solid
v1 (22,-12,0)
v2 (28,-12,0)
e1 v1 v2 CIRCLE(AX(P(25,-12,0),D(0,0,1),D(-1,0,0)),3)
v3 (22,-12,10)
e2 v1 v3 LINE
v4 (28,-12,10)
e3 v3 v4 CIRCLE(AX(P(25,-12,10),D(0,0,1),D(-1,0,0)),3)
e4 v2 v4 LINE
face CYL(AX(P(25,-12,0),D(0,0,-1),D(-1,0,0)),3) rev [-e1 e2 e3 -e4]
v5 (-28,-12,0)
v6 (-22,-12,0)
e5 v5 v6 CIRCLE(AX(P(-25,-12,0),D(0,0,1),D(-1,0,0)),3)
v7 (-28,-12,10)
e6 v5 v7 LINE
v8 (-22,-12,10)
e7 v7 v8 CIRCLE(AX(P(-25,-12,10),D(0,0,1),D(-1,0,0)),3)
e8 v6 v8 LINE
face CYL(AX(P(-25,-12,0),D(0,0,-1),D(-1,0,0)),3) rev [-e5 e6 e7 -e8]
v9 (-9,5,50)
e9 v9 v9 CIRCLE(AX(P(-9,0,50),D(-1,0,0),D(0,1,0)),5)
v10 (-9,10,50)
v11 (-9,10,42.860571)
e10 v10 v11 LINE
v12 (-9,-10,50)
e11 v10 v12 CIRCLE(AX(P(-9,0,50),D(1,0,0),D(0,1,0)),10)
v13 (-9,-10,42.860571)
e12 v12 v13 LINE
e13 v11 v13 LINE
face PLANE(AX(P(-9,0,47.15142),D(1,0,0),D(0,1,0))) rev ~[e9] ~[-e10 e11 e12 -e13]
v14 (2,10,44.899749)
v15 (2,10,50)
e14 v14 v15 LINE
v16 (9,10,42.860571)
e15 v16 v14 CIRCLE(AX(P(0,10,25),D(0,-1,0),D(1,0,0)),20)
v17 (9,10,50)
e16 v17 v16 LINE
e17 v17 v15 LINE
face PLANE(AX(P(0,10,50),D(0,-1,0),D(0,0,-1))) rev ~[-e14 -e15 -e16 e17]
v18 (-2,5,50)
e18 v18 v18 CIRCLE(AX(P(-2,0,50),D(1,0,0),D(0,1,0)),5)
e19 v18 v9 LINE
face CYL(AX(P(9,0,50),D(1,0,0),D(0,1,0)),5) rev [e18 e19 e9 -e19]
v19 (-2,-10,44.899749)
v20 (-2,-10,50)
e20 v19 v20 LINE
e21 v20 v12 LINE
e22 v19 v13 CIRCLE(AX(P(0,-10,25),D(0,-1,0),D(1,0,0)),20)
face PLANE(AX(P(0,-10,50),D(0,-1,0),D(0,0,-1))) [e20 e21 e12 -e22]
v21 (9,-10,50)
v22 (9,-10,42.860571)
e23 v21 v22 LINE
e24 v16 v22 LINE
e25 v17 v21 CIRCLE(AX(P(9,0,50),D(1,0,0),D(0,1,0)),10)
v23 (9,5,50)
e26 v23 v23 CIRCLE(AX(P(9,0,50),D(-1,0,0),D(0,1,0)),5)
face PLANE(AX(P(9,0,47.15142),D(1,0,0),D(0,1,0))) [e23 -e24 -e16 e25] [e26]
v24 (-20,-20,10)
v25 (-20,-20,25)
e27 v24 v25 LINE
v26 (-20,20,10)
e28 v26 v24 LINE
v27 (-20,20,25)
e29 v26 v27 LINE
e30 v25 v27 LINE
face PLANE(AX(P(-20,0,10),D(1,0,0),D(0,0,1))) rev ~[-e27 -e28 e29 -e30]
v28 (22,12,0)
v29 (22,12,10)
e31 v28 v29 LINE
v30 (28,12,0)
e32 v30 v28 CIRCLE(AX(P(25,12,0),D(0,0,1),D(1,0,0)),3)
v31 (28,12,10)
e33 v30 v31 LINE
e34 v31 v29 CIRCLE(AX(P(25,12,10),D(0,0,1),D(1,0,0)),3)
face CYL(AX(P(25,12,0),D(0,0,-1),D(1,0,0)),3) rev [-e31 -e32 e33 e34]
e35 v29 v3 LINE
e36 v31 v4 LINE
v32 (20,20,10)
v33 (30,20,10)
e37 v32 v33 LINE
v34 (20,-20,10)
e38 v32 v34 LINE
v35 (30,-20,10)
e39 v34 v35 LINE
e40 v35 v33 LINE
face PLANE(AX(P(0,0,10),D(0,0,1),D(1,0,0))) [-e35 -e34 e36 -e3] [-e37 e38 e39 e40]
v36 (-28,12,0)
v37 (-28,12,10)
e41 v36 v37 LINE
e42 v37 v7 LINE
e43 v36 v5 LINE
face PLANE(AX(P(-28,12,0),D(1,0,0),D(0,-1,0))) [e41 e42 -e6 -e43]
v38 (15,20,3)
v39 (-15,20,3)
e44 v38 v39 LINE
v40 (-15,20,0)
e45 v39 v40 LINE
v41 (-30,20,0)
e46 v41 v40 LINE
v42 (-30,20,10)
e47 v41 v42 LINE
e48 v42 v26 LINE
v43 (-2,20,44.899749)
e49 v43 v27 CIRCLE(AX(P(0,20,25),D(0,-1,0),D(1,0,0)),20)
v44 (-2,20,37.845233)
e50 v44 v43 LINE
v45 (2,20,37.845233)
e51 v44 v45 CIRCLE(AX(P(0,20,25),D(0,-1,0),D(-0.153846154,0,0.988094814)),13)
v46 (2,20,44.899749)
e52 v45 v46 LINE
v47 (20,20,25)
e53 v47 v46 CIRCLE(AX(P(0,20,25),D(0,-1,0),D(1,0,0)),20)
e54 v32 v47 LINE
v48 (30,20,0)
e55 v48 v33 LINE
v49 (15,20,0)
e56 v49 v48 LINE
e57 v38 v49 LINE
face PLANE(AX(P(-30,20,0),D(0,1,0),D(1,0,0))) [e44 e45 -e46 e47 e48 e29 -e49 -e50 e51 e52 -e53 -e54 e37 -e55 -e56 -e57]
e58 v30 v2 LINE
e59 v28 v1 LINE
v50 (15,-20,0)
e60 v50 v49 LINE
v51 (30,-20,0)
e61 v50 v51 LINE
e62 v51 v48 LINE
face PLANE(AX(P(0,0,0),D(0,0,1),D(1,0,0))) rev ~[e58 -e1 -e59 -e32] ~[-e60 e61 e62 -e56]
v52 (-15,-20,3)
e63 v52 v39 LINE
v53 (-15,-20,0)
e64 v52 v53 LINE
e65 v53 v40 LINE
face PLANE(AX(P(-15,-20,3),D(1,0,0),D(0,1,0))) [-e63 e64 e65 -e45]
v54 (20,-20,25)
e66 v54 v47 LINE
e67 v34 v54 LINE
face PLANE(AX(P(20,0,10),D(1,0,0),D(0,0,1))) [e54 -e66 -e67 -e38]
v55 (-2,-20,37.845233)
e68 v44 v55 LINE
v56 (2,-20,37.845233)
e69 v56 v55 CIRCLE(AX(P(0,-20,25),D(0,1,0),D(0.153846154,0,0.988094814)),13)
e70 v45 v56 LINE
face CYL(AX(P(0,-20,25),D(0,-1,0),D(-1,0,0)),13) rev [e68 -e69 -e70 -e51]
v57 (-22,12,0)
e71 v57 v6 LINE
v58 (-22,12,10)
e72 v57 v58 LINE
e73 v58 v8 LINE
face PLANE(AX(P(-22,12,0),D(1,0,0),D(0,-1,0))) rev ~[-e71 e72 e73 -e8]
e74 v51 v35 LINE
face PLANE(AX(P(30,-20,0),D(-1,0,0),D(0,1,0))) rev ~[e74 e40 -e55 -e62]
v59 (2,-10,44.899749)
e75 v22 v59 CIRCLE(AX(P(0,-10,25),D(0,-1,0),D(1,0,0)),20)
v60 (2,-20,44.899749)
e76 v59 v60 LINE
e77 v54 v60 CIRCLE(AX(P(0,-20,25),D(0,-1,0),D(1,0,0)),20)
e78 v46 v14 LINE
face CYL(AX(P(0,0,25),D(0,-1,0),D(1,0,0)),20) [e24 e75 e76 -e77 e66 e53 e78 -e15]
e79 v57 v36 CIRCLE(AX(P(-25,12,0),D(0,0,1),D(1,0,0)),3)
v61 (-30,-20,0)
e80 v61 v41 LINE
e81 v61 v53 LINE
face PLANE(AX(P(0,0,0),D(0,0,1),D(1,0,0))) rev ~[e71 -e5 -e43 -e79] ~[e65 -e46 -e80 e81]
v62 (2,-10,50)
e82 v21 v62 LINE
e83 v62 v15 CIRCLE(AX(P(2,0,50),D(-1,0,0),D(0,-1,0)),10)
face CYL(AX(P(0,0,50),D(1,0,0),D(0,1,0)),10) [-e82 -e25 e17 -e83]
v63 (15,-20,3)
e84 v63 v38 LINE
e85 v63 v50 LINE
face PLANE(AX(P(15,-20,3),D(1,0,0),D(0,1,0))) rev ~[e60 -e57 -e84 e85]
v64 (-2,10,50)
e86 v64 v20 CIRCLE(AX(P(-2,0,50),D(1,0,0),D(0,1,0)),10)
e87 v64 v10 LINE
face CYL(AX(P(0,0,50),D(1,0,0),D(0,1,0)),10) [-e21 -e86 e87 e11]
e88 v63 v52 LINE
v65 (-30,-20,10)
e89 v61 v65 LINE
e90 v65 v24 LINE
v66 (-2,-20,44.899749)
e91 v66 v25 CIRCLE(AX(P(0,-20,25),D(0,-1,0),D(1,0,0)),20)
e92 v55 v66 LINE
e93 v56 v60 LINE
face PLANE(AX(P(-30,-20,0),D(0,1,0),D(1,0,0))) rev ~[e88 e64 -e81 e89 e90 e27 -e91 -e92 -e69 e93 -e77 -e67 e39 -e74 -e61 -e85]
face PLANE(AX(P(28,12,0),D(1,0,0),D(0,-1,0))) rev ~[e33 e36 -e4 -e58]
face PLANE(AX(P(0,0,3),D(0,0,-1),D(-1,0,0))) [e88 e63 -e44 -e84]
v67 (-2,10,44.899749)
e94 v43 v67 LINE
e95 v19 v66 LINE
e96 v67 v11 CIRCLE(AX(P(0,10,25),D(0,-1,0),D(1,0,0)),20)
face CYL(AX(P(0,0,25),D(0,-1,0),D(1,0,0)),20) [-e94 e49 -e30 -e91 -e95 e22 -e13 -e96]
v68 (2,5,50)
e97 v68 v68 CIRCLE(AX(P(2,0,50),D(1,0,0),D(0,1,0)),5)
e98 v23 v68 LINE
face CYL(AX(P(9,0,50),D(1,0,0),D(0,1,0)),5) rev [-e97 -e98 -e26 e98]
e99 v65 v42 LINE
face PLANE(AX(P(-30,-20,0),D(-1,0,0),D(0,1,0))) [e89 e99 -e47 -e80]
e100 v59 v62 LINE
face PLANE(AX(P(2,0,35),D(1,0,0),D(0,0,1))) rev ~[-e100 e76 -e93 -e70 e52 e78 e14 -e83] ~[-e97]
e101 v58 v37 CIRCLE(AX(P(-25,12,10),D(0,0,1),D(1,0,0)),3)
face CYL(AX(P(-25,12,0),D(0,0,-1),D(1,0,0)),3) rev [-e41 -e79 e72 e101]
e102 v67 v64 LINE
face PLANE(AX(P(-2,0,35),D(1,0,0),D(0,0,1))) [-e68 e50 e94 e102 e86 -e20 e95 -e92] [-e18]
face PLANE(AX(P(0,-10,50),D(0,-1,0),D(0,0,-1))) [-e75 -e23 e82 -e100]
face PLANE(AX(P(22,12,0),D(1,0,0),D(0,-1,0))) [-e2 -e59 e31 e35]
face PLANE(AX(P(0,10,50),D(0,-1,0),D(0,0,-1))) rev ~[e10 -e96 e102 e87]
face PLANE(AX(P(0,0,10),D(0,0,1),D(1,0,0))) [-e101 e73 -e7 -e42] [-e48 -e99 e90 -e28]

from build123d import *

# Parameters (mm, degrees)
SKETCH_W          = 60
SKETCH_H          = 40
PAD_DEPTH         = 10
PAD001_DEPTH      = 20
CYLINDER_R        = 13
CYLINDER_DEPTH    = 40
BOX_W             = 30
BOX_H             = 40
BOX_DEPTH         = 3
PAD002_DEPTH      = 9
CYLINDER001_R     = 5
CYLINDER001_DEPTH = 18
SKETCH003_W       = 4
SKETCH003_H       = 25
POCKET_DEPTH      = 20
POCKET001_DEPTH   = 10
POCKET002_DEPTH   = 10


with BuildPart() as part:
    # Sketch → Pad (new body)
    with BuildSketch(Plane.XY):
        Rectangle(SKETCH_W, SKETCH_H)
    extrude(amount=PAD_DEPTH)

    # Sketch001 → Pad001 (join, symmetric)
    with BuildSketch(Plane.XZ):
        with BuildLine():
            Line((-20, 10), (-20, 25))
            ThreePointArc((20, 25), (0, 45), (-20, 25))
            Line((20, 10), (20, 25))
            Line((-20, 10), (20, 10))
        make_face()
    extrude(amount=PAD001_DEPTH, both=True)

    # Cylinder → Cylinder (cut)
    with BuildSketch(Plane(origin=(0, -20, 25), x_dir=(-1, 0, 0), z_dir=(0, 1, 0))):
        Circle(CYLINDER_R)
    extrude(amount=CYLINDER_DEPTH, mode=Mode.SUBTRACT)

    # Box → Box (cut)
    with BuildSketch(Plane(origin=(15, -20, 3), x_dir=(-1, 0, 0), z_dir=(0, 0, -1))):
        with Locations((15, 20)):
            Rectangle(BOX_W, BOX_H)
    extrude(amount=BOX_DEPTH, mode=Mode.SUBTRACT)

    # Sketch002 → Pad002 (join, symmetric)
    with BuildSketch(Plane.YZ):
        with BuildLine():
            Line((-10, 50), (-10, 38))
            Line((-10, 38), (10, 38))
            Line((10, 50), (10, 38))
            ThreePointArc((10, 50), (0, 60), (-10, 50))
        make_face()
    extrude(amount=PAD002_DEPTH, both=True)

    # Cylinder001 → Cylinder001 (cut)
    with BuildSketch(Plane(origin=(9, 0, 50), x_dir=(0, 1, 0), z_dir=(-1, 0, 0))):
        Circle(CYLINDER001_R)
    extrude(amount=CYLINDER001_DEPTH, mode=Mode.SUBTRACT)

    # Sketch003 → Pocket (cut, symmetric)
    with BuildSketch(Plane.XZ):
        with Locations((0, 47.5)):
            Rectangle(SKETCH003_W, SKETCH003_H)
    extrude(amount=POCKET_DEPTH, both=True, mode=Mode.SUBTRACT)

    # Sketch004 → Pocket001 (cut)
    with BuildSketch(Plane.XY):
        with BuildLine():
            Line((-28, 12), (-28, -12))
            ThreePointArc((-28, -12), (-25, -15), (-22, -12))
            Line((-22, 12), (-22, -12))
            ThreePointArc((-22, 12), (-25, 15), (-28, 12))
        make_face()
    extrude(amount=POCKET001_DEPTH, mode=Mode.SUBTRACT)

    # Sketch005 → Pocket002 (cut)
    with BuildSketch(Plane.XY):
        with BuildLine():
            Line((22, 12), (22, -12))
            ThreePointArc((22, -12), (25, -15), (28, -12))
            Line((28, 12), (28, -12))
            ThreePointArc((28, 12), (25, 15), (22, 12))
        make_face()
    extrude(amount=POCKET002_DEPTH, mode=Mode.SUBTRACT)


solid = part.part
